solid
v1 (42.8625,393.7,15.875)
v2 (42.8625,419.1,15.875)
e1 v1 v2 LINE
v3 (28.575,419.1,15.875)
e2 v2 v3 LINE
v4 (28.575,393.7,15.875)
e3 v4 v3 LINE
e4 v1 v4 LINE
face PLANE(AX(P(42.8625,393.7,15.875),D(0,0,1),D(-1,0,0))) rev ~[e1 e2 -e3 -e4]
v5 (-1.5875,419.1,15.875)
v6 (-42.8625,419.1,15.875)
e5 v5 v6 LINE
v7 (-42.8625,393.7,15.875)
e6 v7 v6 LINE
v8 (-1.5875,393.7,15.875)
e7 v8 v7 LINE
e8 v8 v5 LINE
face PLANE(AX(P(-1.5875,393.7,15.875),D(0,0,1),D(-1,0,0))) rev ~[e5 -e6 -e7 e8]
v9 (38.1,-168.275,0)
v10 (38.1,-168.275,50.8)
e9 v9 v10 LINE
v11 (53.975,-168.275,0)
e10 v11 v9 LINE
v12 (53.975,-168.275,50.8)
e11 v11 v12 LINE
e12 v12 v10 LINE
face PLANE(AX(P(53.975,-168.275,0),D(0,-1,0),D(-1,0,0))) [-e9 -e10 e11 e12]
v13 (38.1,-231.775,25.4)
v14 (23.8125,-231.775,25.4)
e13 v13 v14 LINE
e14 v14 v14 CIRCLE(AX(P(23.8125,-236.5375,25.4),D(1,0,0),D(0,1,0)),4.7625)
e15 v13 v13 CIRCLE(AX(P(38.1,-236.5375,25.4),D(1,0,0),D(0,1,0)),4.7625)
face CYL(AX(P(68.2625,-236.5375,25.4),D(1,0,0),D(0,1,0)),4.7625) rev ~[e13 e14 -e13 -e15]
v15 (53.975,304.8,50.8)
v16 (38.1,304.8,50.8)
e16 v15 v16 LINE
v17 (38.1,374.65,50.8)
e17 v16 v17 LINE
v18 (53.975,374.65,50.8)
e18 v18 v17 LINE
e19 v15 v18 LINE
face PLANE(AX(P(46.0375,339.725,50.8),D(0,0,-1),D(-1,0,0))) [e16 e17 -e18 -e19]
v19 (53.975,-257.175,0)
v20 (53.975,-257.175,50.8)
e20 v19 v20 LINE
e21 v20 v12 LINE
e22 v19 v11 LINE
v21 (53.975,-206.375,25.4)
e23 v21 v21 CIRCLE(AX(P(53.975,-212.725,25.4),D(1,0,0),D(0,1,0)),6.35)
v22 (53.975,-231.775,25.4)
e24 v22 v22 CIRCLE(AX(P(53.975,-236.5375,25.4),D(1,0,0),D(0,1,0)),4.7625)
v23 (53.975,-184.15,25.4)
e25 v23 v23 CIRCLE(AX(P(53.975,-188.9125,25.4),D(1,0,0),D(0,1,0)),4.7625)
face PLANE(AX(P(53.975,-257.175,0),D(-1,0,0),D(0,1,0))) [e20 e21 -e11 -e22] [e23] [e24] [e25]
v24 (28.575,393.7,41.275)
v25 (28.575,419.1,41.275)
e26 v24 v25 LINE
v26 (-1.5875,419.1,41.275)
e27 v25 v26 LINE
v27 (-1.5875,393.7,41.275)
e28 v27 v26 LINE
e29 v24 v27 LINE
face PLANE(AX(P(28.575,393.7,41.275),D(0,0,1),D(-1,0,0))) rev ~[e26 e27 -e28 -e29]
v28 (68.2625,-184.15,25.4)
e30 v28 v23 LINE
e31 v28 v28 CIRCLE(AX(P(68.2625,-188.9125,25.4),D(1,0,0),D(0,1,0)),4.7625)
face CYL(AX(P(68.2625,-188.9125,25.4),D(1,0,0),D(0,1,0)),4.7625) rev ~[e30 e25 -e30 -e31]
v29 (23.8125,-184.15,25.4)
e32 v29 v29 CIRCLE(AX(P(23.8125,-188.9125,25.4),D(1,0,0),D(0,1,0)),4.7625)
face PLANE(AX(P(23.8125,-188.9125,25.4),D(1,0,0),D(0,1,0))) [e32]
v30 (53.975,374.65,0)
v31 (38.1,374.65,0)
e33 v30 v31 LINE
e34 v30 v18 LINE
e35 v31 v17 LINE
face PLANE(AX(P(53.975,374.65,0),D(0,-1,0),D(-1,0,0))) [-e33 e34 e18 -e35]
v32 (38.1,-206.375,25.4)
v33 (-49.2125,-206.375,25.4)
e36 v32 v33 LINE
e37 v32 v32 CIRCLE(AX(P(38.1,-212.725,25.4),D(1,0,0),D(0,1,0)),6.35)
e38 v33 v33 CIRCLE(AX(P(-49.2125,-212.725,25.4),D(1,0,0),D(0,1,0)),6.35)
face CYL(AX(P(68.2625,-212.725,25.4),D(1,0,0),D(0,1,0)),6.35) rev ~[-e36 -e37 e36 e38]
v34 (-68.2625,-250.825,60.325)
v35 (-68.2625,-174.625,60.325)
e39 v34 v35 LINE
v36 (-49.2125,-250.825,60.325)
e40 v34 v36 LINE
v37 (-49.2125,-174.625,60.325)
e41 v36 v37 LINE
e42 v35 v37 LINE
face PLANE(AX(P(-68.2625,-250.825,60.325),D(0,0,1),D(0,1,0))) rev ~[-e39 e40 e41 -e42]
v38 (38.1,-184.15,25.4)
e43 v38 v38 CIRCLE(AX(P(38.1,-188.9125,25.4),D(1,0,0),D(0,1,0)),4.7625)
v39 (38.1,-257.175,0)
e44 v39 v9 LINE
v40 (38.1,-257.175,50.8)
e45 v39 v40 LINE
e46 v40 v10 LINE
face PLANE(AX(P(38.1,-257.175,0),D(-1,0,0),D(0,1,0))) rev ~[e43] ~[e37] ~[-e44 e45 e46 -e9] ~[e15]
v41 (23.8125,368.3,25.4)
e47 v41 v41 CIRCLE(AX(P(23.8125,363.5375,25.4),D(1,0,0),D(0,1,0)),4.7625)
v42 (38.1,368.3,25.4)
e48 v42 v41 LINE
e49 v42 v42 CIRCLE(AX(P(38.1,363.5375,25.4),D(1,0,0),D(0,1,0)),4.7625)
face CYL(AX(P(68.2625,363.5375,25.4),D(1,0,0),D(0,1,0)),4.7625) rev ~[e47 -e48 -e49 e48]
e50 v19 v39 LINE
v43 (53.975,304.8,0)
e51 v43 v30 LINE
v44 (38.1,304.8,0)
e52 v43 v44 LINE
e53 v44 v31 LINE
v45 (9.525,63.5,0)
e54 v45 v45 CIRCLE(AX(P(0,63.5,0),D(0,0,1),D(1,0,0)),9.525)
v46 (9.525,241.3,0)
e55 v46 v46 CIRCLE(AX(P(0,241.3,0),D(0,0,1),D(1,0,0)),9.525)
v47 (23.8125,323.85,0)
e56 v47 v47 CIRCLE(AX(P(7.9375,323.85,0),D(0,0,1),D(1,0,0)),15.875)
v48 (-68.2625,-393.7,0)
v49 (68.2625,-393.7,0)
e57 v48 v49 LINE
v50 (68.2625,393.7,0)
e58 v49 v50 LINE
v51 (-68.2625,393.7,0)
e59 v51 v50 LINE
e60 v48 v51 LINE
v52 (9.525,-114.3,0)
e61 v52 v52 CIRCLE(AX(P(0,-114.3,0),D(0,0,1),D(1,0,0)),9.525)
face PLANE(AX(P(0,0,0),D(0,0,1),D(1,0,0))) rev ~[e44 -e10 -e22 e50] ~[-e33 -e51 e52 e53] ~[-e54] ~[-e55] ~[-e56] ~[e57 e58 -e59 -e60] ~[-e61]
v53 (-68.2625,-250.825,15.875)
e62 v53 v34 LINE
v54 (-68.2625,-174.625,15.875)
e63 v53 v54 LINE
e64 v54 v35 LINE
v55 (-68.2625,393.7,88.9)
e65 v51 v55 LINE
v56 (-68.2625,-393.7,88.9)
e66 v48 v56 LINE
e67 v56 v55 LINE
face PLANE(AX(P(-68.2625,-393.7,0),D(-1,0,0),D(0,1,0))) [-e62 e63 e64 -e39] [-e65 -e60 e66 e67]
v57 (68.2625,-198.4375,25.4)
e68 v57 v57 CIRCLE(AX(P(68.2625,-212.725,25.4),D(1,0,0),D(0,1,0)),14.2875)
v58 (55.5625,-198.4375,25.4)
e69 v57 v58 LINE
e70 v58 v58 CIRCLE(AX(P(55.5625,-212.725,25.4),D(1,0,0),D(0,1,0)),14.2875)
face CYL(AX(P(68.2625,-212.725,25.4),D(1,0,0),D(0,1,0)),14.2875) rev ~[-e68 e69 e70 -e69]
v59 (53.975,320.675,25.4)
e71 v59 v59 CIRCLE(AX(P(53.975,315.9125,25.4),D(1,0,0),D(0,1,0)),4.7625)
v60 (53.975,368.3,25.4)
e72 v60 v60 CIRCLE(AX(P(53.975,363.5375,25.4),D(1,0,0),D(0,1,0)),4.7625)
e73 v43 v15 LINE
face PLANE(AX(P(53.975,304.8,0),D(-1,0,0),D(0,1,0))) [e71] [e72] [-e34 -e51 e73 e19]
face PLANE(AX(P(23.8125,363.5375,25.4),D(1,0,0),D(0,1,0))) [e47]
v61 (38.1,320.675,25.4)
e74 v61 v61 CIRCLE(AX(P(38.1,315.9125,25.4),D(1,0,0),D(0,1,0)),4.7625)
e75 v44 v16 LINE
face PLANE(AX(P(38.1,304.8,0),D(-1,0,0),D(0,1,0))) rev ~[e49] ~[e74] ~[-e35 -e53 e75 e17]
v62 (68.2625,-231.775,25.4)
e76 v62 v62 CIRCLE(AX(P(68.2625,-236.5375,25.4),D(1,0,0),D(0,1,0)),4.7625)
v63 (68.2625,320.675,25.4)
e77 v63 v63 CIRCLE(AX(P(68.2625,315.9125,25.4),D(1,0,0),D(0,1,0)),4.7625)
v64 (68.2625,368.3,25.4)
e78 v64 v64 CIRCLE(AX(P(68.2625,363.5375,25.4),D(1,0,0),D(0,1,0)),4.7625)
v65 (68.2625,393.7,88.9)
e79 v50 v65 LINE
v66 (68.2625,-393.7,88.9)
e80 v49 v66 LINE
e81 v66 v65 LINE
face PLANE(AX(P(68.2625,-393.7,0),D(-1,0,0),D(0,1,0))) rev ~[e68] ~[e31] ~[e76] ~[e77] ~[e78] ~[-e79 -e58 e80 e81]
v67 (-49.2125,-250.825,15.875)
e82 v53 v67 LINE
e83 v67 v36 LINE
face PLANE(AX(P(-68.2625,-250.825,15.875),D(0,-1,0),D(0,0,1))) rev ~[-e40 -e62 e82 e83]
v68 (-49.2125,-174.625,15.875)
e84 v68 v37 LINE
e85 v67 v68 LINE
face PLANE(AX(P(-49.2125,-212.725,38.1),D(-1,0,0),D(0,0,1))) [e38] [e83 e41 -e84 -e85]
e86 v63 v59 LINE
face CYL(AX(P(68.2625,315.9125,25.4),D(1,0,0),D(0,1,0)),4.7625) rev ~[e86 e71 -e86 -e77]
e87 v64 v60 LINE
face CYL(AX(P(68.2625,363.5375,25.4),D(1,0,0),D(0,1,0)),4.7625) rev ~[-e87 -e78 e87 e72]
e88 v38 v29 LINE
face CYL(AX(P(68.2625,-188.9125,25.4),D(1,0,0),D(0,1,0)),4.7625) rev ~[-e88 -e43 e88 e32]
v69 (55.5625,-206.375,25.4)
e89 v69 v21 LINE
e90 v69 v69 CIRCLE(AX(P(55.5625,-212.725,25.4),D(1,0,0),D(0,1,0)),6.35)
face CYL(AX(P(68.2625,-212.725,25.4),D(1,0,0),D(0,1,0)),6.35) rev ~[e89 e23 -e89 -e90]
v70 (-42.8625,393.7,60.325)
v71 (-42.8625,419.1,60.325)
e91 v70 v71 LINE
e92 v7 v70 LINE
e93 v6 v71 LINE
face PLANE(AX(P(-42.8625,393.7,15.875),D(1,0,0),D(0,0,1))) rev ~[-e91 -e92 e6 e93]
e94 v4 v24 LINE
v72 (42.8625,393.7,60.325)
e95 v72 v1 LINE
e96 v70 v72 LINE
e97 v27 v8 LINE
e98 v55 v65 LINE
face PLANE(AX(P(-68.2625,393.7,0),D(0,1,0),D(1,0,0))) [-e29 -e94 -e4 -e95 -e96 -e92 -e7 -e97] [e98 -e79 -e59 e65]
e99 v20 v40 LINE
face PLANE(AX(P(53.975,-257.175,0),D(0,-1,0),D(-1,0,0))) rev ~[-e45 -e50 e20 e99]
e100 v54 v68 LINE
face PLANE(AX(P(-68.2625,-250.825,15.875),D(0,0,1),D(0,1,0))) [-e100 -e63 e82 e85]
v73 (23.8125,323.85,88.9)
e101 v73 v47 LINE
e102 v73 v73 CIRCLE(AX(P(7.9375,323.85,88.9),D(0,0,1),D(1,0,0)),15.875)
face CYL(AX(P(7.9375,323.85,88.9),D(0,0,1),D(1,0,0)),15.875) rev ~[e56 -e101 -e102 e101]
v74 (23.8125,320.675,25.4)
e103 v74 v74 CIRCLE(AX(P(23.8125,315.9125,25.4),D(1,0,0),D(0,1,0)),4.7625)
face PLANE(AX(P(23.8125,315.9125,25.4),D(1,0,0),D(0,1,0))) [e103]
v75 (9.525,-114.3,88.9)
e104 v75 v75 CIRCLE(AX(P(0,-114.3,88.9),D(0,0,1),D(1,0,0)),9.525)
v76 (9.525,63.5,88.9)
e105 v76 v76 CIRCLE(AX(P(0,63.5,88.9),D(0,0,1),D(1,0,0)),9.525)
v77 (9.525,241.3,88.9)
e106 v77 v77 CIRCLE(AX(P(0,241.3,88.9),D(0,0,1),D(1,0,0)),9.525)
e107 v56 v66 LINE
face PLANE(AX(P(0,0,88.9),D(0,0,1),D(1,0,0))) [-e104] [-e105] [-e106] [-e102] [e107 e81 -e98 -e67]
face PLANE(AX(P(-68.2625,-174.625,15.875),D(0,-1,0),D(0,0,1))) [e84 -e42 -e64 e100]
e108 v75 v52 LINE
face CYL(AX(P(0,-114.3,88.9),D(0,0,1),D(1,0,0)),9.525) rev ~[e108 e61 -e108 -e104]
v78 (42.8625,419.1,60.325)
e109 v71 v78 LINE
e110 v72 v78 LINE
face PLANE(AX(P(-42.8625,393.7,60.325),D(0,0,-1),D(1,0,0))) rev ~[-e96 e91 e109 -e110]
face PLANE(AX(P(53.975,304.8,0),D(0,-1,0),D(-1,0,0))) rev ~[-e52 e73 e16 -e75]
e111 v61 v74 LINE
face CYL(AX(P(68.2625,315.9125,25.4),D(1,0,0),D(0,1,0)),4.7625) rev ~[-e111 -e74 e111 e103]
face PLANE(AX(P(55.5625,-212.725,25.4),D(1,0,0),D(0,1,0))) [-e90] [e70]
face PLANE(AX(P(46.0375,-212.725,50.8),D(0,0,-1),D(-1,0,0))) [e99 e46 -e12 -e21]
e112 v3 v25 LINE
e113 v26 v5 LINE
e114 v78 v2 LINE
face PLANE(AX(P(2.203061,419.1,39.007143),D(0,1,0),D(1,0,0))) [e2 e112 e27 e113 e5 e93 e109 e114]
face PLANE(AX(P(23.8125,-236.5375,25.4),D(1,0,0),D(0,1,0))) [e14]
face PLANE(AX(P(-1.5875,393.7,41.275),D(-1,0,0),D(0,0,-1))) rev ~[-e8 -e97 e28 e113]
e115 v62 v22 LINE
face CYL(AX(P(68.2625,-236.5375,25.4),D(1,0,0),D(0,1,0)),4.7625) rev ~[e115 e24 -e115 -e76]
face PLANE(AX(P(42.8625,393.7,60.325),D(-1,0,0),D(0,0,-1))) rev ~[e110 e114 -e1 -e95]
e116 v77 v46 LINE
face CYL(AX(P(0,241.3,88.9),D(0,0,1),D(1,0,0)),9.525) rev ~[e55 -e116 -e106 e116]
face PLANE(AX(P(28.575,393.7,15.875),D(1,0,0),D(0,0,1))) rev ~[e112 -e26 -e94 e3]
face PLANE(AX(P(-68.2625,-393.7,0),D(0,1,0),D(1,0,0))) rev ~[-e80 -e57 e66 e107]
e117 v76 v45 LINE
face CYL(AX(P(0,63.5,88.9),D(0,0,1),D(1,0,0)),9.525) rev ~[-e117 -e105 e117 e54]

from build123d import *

# Parameters (mm, degrees)
SKETCH1_W           = 136.525
SKETCH1_H           = 787.4
BOSS_EXTRUDE1_DEPTH = 88.9
BOSS_EXTRUDE2_DEPTH = 25.4
SKETCH3_R           = 9.525
SKETCH3_R_2         = 15.875
CUT_EXTRUDE1_DEPTH  = 434.829216289
SKETCH5_W           = 44.45
SKETCH5_H           = 76.2
CUT_EXTRUDE2_DEPTH  = 19.05
SKETCH6_W           = 15.875
SKETCH6_H           = 69.85
SKETCH6_H_2         = 88.9
CUT_EXTRUDE3_DEPTH  = 50.8
SKETCH7_R           = 4.7625
CUT_EXTRUDE4_DEPTH  = 44.45
SKETCH7_3_R         = 6.35
CUT_EXTRUDE5_DEPTH  = 450.652194062
SKETCH8_R           = 14.2875
CUT_EXTRUDE6_DEPTH  = 12.7


with BuildPart() as part:
    # Sketch1 → Boss-Extrude1 (new body)
    with BuildSketch(Plane.XY):
        Rectangle(SKETCH1_W, SKETCH1_H)
    extrude(amount=BOSS_EXTRUDE1_DEPTH)

    # Sketch2 → Boss-Extrude2 (add)
    with BuildSketch(Plane(origin=(0, 393.7, 0), x_dir=(1, 0, 0), z_dir=(0, 1, 0))):
        Polygon((-42.8625, -60.325), (42.8625, -60.325), (42.8625, -15.875), (28.575, -15.875), (28.575, -41.275), (-1.5875, -41.275), (-1.5875, -15.875), (-42.8625, -15.875), align=None)
    extrude(amount=BOSS_EXTRUDE2_DEPTH)

    # Sketch3 → Cut-Extrude1 (cut, through all)
    with BuildSketch(Plane.XY.offset(88.9)):
        with Locations((0, 63.5)):
            Circle(SKETCH3_R)
        with Locations((0, -114.3)):
            Circle(SKETCH3_R)
        with Locations((0, 241.3)):
            Circle(SKETCH3_R)
        with Locations((7.9375, 323.85)):
            Circle(SKETCH3_R_2)
    extrude(amount=-CUT_EXTRUDE1_DEPTH, mode=Mode.SUBTRACT)

    # Sketch5 → Cut-Extrude2 (cut)
    with BuildSketch(Plane.ZY.offset(68.2625)):
        with Locations((38.1, -212.725)):
            Rectangle(SKETCH5_W, SKETCH5_H)
    extrude(amount=-CUT_EXTRUDE2_DEPTH, mode=Mode.SUBTRACT)

    # Sketch6 → Cut-Extrude3 (cut)
    with BuildSketch(Plane(origin=(0, 0, 0), x_dir=(-1, 0, 0), z_dir=(0, 0, -1))):
        with Locations((-46.0375, 339.725)):
            Rectangle(SKETCH6_W, SKETCH6_H)
        with Locations((-46.0375, -212.725)):
            Rectangle(SKETCH6_W, SKETCH6_H_2)
    extrude(amount=-CUT_EXTRUDE3_DEPTH, mode=Mode.SUBTRACT)

    # Sketch7 → Cut-Extrude4 (cut)
    with BuildSketch(Plane(origin=(68.2625, 0, 0), x_dir=(0, 0, -1), z_dir=(1, 0, 0))):
        with Locations((-25.4, -188.9125)):
            Circle(SKETCH7_R)
        with Locations((-25.4, -236.5375)):
            Circle(SKETCH7_R)
        with Locations((-25.4, 363.5375)):
            Circle(SKETCH7_R)
        with Locations((-25.4, 315.9125)):
            Circle(SKETCH7_R)
    extrude(amount=-CUT_EXTRUDE4_DEPTH, mode=Mode.SUBTRACT)

    # Sketch7<3> → Cut-Extrude5 (cut, through all)
    with BuildSketch(Plane(origin=(68.2625, 0, 0), x_dir=(0, 0, -1), z_dir=(1, 0, 0))):
        with Locations((-25.4, -212.725)):
            Circle(SKETCH7_3_R)
    extrude(amount=-CUT_EXTRUDE5_DEPTH, mode=Mode.SUBTRACT)

    # Sketch8 → Cut-Extrude6 (cut)
    with BuildSketch(Plane(origin=(68.2625, 0, 0), x_dir=(0, 0, -1), z_dir=(1, 0, 0))):
        with Locations((-25.4, -212.725)):
            Circle(SKETCH8_R)
    extrude(amount=-CUT_EXTRUDE6_DEPTH, mode=Mode.SUBTRACT)


solid = part.part
